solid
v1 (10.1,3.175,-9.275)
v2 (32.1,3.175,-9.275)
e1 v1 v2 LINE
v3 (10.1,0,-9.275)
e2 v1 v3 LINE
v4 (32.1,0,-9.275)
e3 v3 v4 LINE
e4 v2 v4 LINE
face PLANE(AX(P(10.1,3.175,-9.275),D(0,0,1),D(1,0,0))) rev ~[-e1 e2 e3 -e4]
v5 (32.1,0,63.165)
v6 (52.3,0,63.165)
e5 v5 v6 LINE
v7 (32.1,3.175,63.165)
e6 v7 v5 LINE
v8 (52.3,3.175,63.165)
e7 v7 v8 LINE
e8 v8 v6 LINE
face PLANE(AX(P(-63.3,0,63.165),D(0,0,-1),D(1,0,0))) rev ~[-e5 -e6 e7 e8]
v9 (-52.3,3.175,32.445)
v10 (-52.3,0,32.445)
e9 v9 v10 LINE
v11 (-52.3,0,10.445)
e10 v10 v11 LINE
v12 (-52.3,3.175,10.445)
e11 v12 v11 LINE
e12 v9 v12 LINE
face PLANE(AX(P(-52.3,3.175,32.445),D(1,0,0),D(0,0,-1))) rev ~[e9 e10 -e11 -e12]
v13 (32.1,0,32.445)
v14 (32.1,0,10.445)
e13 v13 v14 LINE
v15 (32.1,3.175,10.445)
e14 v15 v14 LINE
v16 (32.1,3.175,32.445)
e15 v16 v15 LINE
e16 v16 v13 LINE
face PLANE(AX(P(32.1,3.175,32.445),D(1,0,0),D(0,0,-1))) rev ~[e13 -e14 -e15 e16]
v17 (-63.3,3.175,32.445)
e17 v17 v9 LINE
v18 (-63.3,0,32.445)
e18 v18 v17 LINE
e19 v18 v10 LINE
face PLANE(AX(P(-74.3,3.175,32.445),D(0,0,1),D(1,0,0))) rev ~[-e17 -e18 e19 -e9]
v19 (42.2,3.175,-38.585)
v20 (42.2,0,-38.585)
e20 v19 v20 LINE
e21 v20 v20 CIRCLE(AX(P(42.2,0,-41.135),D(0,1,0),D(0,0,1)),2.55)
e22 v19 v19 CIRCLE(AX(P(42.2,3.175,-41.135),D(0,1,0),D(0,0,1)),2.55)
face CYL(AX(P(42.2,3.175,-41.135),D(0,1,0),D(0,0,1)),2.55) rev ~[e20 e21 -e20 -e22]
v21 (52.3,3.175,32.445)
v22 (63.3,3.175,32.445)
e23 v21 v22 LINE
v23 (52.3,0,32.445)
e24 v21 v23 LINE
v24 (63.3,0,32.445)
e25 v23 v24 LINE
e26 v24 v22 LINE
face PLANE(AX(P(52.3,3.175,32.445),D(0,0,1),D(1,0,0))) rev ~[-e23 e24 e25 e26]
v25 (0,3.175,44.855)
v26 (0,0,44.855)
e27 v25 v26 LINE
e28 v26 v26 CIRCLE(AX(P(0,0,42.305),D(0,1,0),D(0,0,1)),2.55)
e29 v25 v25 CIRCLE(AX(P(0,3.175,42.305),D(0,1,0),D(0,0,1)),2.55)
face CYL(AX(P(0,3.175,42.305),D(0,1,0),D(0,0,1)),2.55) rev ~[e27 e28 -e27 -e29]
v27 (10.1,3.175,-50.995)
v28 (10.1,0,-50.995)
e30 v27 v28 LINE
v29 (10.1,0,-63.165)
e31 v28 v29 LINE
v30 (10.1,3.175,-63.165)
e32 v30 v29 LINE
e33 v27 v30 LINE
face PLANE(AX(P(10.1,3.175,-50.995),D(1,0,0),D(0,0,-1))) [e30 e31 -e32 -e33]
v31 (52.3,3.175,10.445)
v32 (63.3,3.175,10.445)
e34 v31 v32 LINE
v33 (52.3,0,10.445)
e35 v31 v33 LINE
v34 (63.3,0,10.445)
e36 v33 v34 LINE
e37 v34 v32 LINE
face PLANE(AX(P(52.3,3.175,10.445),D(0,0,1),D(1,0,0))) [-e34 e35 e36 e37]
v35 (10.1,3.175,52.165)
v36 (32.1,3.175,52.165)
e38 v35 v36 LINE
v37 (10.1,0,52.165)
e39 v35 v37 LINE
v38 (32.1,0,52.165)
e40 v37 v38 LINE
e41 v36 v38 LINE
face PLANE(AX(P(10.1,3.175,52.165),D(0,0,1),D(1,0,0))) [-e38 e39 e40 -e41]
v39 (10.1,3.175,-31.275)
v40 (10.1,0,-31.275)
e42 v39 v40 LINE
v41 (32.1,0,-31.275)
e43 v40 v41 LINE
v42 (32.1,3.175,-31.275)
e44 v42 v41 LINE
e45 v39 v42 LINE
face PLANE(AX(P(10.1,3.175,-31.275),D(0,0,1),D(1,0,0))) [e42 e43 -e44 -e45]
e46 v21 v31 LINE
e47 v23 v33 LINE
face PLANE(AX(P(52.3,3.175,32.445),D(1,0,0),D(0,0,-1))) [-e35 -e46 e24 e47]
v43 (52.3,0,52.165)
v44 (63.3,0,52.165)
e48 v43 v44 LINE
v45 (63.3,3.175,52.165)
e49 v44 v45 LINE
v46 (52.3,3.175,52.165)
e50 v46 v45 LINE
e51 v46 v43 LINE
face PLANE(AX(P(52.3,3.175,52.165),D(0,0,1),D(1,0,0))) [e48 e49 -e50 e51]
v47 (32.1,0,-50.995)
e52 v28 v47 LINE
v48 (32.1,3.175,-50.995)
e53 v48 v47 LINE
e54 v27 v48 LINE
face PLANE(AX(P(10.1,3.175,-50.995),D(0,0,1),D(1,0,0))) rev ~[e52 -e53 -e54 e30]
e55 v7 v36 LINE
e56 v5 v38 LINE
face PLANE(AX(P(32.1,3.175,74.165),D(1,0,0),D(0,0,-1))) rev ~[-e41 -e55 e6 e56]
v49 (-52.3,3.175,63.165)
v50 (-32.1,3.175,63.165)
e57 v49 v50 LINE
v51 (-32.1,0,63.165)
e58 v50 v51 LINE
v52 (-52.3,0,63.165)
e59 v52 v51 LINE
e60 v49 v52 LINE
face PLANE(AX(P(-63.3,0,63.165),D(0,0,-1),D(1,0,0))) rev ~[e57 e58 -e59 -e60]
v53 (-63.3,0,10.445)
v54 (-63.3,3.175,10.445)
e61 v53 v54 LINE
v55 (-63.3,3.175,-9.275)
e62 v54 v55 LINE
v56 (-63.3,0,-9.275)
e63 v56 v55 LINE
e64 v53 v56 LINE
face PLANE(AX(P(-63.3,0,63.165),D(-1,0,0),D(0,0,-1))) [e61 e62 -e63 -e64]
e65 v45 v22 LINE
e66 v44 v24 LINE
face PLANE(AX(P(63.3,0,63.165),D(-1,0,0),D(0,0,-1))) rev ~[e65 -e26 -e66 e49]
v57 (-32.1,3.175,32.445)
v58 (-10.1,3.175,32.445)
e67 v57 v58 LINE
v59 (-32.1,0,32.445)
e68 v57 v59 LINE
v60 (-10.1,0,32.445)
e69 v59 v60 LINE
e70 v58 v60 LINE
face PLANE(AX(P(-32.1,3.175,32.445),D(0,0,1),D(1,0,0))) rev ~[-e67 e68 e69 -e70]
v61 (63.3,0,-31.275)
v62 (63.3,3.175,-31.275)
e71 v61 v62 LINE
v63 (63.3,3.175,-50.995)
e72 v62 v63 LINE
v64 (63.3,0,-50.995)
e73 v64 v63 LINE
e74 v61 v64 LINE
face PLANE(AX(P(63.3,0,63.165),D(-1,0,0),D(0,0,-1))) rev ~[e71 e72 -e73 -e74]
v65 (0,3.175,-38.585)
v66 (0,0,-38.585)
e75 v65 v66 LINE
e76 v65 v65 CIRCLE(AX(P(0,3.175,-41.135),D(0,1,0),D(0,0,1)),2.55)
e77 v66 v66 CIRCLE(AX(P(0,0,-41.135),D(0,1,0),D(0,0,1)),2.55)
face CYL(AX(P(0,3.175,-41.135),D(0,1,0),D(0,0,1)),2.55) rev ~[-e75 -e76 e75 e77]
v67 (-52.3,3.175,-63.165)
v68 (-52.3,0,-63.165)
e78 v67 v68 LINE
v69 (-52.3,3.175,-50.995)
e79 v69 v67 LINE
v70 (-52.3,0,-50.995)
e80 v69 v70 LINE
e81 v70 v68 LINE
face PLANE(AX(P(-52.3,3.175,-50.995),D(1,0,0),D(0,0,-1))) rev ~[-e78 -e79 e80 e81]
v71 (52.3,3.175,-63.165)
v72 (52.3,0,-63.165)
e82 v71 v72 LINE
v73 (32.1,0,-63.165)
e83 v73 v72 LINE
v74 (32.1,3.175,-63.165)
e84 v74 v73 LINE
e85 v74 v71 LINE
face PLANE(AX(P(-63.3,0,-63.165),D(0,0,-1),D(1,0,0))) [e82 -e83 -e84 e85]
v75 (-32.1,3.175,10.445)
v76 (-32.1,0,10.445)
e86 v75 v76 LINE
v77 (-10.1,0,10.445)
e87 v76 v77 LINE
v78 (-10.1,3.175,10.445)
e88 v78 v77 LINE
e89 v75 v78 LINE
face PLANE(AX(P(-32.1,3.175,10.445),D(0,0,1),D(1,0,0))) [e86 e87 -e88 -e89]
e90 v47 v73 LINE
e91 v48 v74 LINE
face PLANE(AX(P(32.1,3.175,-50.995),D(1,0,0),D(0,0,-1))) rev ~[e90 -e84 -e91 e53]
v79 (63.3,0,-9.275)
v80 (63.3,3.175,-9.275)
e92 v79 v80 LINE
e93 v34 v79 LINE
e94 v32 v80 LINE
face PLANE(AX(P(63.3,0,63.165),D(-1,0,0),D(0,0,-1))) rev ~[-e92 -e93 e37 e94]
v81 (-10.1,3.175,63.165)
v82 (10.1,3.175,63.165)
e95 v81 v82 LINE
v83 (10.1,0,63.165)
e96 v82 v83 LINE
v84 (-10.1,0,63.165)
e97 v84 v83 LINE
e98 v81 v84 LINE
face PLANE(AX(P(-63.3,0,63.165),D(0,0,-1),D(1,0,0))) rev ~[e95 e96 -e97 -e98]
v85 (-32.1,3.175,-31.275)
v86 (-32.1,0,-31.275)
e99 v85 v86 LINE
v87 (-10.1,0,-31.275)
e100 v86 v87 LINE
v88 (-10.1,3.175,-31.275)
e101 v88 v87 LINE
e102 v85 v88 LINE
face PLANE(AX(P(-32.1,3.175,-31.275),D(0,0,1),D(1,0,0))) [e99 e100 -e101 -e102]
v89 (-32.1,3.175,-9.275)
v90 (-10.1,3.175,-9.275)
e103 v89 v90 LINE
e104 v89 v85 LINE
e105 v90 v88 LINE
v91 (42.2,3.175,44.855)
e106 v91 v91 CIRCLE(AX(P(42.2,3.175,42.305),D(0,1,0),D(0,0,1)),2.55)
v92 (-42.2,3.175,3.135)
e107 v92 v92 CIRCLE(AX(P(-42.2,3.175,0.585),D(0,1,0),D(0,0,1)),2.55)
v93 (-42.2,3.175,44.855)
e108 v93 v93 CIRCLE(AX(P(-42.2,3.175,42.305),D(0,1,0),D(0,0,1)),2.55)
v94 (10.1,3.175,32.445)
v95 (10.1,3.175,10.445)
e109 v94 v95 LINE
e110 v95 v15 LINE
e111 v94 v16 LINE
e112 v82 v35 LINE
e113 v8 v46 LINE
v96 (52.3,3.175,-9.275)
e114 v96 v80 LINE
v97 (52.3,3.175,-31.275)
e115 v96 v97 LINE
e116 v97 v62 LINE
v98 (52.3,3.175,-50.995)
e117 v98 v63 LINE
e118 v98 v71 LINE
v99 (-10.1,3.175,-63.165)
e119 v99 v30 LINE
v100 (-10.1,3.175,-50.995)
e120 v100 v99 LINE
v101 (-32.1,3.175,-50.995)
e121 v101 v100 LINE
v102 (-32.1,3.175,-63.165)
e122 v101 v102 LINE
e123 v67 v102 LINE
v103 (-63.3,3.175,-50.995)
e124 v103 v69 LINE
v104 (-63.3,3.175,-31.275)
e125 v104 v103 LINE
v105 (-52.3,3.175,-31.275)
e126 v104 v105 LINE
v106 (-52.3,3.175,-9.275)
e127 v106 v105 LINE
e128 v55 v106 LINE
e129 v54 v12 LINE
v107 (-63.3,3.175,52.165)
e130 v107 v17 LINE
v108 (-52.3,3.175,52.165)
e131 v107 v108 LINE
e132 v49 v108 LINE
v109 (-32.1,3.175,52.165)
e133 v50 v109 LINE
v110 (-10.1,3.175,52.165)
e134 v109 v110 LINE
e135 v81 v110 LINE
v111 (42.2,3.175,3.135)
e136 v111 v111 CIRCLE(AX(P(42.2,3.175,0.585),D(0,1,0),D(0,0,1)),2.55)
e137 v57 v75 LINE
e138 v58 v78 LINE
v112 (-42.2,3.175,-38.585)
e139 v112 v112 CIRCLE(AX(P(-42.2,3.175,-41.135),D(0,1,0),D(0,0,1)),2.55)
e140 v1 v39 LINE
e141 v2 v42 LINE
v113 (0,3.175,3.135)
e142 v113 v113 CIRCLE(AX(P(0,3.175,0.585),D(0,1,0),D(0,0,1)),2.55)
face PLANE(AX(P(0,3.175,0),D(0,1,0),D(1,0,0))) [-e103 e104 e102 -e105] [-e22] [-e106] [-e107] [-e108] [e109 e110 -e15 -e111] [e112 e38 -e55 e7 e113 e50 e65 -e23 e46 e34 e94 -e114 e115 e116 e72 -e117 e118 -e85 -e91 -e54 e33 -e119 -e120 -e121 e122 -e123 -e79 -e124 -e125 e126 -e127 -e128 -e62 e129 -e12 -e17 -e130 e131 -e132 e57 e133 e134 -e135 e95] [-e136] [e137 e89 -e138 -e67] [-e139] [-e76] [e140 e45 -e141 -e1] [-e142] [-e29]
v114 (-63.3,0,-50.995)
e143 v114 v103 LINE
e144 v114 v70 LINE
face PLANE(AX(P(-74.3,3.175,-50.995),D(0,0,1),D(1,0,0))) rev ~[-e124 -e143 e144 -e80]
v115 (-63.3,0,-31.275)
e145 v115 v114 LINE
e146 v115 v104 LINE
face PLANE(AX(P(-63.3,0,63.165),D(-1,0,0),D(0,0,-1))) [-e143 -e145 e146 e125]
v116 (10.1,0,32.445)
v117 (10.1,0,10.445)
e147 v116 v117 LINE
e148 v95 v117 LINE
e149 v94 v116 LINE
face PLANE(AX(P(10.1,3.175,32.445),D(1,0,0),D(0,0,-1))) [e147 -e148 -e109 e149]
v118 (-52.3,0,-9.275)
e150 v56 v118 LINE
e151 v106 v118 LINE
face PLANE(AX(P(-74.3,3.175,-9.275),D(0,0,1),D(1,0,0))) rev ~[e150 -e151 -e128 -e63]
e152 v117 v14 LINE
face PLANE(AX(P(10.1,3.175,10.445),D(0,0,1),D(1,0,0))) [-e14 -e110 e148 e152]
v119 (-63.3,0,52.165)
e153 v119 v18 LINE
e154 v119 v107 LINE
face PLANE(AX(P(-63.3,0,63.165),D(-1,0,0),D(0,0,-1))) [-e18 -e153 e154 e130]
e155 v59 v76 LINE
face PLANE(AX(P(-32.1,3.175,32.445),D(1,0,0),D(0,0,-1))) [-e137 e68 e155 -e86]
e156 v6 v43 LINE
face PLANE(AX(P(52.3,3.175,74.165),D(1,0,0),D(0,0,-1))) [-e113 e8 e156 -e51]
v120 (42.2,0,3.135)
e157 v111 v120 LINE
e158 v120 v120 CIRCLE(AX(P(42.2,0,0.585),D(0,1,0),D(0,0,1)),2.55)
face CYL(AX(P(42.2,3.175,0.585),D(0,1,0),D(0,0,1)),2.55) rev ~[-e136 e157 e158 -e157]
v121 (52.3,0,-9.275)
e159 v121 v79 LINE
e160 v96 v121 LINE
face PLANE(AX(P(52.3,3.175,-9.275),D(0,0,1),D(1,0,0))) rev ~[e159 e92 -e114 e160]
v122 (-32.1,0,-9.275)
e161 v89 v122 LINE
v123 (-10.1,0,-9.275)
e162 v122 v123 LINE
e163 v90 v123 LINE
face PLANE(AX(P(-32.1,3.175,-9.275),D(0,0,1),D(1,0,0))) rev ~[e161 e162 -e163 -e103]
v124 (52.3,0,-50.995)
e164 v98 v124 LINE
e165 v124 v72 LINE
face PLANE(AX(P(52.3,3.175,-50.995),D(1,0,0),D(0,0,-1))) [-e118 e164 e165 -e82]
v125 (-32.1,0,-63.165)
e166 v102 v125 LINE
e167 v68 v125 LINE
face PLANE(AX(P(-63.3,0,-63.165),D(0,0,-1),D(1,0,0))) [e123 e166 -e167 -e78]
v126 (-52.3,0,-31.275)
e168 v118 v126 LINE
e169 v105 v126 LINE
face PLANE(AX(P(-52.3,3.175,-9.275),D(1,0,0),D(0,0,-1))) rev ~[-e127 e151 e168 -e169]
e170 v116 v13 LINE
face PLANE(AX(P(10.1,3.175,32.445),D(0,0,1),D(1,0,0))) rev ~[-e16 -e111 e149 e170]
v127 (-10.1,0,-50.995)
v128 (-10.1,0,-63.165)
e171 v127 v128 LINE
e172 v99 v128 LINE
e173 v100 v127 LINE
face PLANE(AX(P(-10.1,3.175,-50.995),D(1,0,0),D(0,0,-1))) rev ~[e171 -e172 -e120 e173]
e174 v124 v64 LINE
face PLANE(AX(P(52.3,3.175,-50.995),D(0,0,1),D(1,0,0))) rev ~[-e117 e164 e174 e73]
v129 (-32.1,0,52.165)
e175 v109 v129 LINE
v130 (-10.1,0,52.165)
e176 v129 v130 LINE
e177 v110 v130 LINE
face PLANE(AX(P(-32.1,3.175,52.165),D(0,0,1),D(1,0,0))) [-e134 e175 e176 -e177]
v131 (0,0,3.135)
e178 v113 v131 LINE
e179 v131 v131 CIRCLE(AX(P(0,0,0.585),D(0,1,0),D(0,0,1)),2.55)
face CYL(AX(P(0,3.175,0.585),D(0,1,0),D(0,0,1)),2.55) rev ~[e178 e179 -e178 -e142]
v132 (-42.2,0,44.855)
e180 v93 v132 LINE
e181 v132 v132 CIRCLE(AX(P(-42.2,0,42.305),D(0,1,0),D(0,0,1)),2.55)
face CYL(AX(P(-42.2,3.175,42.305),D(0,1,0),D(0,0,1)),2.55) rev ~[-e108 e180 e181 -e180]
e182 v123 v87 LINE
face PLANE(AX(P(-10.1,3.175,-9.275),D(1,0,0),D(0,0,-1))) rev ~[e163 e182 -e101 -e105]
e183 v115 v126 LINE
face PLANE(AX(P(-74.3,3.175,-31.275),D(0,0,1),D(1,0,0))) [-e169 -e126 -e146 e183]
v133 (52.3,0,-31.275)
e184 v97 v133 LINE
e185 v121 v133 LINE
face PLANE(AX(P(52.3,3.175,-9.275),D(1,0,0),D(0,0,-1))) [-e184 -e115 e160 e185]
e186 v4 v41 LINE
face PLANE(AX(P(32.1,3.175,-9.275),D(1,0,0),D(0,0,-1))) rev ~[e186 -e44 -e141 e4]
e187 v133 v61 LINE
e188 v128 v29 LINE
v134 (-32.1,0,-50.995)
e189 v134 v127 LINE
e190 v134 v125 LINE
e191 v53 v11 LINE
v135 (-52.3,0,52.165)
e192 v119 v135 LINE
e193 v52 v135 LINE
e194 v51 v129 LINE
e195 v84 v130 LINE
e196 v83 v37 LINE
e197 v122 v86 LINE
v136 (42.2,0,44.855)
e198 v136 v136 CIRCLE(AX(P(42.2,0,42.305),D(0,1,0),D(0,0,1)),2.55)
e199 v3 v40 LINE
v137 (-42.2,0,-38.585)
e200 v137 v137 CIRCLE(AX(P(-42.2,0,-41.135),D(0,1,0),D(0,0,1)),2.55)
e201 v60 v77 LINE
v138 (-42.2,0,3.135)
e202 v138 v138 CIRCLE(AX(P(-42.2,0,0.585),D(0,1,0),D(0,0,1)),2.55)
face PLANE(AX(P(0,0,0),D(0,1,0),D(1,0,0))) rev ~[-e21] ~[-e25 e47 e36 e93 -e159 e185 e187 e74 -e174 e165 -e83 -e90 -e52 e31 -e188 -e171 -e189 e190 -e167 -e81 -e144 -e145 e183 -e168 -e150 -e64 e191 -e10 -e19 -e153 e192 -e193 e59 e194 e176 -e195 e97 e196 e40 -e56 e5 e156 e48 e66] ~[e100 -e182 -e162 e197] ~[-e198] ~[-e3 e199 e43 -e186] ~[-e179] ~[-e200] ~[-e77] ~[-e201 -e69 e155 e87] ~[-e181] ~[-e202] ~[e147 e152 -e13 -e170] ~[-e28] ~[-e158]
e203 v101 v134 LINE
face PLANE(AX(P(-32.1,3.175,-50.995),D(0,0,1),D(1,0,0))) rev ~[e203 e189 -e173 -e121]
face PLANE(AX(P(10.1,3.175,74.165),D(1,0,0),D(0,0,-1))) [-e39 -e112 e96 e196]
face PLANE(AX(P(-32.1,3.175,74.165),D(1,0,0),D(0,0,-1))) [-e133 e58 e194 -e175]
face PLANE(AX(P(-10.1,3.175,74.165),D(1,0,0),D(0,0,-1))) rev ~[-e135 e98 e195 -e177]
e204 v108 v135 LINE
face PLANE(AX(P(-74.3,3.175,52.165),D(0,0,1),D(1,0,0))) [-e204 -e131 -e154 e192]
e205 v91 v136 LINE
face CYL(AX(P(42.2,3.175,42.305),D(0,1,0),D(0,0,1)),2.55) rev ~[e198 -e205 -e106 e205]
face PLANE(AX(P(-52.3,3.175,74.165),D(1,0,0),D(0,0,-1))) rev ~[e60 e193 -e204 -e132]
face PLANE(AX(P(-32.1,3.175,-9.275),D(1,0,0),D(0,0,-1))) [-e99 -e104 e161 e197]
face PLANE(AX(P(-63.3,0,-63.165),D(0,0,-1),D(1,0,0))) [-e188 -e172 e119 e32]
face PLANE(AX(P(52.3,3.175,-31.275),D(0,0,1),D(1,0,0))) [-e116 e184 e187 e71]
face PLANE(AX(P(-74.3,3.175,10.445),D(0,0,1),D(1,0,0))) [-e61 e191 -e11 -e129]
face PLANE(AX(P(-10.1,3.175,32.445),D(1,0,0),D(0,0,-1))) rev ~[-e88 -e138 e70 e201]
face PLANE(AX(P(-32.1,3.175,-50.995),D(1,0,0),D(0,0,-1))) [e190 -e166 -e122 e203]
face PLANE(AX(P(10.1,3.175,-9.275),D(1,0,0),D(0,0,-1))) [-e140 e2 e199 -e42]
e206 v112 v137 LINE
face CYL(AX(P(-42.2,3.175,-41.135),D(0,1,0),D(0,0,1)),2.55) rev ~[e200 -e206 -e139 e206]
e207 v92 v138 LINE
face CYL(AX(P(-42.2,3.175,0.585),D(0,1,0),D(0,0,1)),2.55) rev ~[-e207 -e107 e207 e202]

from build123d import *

# Parameters (mm, degrees)
SKETCH2_W           = 126.6
SKETCH2_H           = 126.33
BOSS_EXTRUDE1_DEPTH = 3.175
SKETCH3_W           = 22
SKETCH3_H           = 22
CUT_EXTRUDE1_DEPTH  = 90.48065629
SKETCH4_R           = 2.55
CUT_EXTRUDE2_DEPTH  = 90.48065629


with BuildPart() as part:
    # Sketch2 → Boss-Extrude1 (new body)
    with BuildSketch(Plane(origin=(0, 0, 0), x_dir=(1, 0, 0), z_dir=(0, 1, 0))):
        Rectangle(SKETCH2_W, SKETCH2_H)
    extrude(amount=BOSS_EXTRUDE1_DEPTH)

    # Sketch3 → Cut-Extrude1 (cut, through all)
    with BuildSketch(Plane(origin=(0, 3.175, 0), x_dir=(1, 0, 0), z_dir=(0, 1, 0))):
        with Locations((63.3, -63.165)):
            Rectangle(SKETCH3_W, SKETCH3_H)
        with Locations((21.1, -63.165)):
            Rectangle(SKETCH3_W, SKETCH3_H)
        with Locations((-21.1, -63.165)):
            Rectangle(SKETCH3_W, SKETCH3_H)
        with Locations((-63.3, -63.165)):
            Rectangle(SKETCH3_W, SKETCH3_H)
        with Locations((21.1, -21.445)):
            Rectangle(SKETCH3_W, SKETCH3_H)
        with Locations((-21.1, -21.445)):
            Rectangle(SKETCH3_W, SKETCH3_H)
        with Locations((-63.3, -21.445)):
            Rectangle(SKETCH3_W, SKETCH3_H)
        with Locations((21.1, 20.275)):
            Rectangle(SKETCH3_W, SKETCH3_H)
        with Locations((-21.1, 20.275)):
            Rectangle(SKETCH3_W, SKETCH3_H)
        with Locations((-63.3, 20.275)):
            Rectangle(SKETCH3_W, SKETCH3_H)
        with Locations((21.1, 61.995)):
            Rectangle(SKETCH3_W, SKETCH3_H)
        with Locations((-21.1, 61.995)):
            Rectangle(SKETCH3_W, SKETCH3_H)
        with Locations((-63.3, 61.995)):
            Rectangle(SKETCH3_W, SKETCH3_H)
        with Locations((63.3, -21.445)):
            Rectangle(SKETCH3_W, SKETCH3_H)
        with Locations((63.3, 20.275)):
            Rectangle(SKETCH3_W, SKETCH3_H)
        with Locations((63.3, 61.995)):
            Rectangle(SKETCH3_W, SKETCH3_H)
    extrude(amount=-CUT_EXTRUDE1_DEPTH, mode=Mode.SUBTRACT)

    # Sketch4 → Cut-Extrude2 (cut, through all)
    with BuildSketch(Plane(origin=(0, 3.175, 0), x_dir=(1, 0, 0), z_dir=(0, 1, 0))):
        with Locations(Location((42.2, -42.305, 0), (0, 0, 270))):
            Circle(SKETCH4_R)
        with Locations(Location((0, -42.305, 0), (0, 0, 270))):
            Circle(SKETCH4_R)
        with Locations(Location((-42.2, -42.305, 0), (0, 0, 270))):
            Circle(SKETCH4_R)
        with Locations(Location((0, -0.585, 0), (0, 0, 270))):
            Circle(SKETCH4_R)
        with Locations(Location((-42.2, -0.585, 0), (0, 0, 270))):
            Circle(SKETCH4_R)
        with Locations(Location((0, 41.135, 0), (0, 0, 270))):
            Circle(SKETCH4_R)
        with Locations(Location((-42.2, 41.135, 0), (0, 0, 270))):
            Circle(SKETCH4_R)
        with Locations(Location((42.2, -0.585, 0), (0, 0, 270))):
            Circle(SKETCH4_R)
        with Locations(Location((42.2, 41.135, 0), (0, 0, 270))):
            Circle(SKETCH4_R)
    extrude(amount=-CUT_EXTRUDE2_DEPTH, mode=Mode.SUBTRACT)


solid = part.part
